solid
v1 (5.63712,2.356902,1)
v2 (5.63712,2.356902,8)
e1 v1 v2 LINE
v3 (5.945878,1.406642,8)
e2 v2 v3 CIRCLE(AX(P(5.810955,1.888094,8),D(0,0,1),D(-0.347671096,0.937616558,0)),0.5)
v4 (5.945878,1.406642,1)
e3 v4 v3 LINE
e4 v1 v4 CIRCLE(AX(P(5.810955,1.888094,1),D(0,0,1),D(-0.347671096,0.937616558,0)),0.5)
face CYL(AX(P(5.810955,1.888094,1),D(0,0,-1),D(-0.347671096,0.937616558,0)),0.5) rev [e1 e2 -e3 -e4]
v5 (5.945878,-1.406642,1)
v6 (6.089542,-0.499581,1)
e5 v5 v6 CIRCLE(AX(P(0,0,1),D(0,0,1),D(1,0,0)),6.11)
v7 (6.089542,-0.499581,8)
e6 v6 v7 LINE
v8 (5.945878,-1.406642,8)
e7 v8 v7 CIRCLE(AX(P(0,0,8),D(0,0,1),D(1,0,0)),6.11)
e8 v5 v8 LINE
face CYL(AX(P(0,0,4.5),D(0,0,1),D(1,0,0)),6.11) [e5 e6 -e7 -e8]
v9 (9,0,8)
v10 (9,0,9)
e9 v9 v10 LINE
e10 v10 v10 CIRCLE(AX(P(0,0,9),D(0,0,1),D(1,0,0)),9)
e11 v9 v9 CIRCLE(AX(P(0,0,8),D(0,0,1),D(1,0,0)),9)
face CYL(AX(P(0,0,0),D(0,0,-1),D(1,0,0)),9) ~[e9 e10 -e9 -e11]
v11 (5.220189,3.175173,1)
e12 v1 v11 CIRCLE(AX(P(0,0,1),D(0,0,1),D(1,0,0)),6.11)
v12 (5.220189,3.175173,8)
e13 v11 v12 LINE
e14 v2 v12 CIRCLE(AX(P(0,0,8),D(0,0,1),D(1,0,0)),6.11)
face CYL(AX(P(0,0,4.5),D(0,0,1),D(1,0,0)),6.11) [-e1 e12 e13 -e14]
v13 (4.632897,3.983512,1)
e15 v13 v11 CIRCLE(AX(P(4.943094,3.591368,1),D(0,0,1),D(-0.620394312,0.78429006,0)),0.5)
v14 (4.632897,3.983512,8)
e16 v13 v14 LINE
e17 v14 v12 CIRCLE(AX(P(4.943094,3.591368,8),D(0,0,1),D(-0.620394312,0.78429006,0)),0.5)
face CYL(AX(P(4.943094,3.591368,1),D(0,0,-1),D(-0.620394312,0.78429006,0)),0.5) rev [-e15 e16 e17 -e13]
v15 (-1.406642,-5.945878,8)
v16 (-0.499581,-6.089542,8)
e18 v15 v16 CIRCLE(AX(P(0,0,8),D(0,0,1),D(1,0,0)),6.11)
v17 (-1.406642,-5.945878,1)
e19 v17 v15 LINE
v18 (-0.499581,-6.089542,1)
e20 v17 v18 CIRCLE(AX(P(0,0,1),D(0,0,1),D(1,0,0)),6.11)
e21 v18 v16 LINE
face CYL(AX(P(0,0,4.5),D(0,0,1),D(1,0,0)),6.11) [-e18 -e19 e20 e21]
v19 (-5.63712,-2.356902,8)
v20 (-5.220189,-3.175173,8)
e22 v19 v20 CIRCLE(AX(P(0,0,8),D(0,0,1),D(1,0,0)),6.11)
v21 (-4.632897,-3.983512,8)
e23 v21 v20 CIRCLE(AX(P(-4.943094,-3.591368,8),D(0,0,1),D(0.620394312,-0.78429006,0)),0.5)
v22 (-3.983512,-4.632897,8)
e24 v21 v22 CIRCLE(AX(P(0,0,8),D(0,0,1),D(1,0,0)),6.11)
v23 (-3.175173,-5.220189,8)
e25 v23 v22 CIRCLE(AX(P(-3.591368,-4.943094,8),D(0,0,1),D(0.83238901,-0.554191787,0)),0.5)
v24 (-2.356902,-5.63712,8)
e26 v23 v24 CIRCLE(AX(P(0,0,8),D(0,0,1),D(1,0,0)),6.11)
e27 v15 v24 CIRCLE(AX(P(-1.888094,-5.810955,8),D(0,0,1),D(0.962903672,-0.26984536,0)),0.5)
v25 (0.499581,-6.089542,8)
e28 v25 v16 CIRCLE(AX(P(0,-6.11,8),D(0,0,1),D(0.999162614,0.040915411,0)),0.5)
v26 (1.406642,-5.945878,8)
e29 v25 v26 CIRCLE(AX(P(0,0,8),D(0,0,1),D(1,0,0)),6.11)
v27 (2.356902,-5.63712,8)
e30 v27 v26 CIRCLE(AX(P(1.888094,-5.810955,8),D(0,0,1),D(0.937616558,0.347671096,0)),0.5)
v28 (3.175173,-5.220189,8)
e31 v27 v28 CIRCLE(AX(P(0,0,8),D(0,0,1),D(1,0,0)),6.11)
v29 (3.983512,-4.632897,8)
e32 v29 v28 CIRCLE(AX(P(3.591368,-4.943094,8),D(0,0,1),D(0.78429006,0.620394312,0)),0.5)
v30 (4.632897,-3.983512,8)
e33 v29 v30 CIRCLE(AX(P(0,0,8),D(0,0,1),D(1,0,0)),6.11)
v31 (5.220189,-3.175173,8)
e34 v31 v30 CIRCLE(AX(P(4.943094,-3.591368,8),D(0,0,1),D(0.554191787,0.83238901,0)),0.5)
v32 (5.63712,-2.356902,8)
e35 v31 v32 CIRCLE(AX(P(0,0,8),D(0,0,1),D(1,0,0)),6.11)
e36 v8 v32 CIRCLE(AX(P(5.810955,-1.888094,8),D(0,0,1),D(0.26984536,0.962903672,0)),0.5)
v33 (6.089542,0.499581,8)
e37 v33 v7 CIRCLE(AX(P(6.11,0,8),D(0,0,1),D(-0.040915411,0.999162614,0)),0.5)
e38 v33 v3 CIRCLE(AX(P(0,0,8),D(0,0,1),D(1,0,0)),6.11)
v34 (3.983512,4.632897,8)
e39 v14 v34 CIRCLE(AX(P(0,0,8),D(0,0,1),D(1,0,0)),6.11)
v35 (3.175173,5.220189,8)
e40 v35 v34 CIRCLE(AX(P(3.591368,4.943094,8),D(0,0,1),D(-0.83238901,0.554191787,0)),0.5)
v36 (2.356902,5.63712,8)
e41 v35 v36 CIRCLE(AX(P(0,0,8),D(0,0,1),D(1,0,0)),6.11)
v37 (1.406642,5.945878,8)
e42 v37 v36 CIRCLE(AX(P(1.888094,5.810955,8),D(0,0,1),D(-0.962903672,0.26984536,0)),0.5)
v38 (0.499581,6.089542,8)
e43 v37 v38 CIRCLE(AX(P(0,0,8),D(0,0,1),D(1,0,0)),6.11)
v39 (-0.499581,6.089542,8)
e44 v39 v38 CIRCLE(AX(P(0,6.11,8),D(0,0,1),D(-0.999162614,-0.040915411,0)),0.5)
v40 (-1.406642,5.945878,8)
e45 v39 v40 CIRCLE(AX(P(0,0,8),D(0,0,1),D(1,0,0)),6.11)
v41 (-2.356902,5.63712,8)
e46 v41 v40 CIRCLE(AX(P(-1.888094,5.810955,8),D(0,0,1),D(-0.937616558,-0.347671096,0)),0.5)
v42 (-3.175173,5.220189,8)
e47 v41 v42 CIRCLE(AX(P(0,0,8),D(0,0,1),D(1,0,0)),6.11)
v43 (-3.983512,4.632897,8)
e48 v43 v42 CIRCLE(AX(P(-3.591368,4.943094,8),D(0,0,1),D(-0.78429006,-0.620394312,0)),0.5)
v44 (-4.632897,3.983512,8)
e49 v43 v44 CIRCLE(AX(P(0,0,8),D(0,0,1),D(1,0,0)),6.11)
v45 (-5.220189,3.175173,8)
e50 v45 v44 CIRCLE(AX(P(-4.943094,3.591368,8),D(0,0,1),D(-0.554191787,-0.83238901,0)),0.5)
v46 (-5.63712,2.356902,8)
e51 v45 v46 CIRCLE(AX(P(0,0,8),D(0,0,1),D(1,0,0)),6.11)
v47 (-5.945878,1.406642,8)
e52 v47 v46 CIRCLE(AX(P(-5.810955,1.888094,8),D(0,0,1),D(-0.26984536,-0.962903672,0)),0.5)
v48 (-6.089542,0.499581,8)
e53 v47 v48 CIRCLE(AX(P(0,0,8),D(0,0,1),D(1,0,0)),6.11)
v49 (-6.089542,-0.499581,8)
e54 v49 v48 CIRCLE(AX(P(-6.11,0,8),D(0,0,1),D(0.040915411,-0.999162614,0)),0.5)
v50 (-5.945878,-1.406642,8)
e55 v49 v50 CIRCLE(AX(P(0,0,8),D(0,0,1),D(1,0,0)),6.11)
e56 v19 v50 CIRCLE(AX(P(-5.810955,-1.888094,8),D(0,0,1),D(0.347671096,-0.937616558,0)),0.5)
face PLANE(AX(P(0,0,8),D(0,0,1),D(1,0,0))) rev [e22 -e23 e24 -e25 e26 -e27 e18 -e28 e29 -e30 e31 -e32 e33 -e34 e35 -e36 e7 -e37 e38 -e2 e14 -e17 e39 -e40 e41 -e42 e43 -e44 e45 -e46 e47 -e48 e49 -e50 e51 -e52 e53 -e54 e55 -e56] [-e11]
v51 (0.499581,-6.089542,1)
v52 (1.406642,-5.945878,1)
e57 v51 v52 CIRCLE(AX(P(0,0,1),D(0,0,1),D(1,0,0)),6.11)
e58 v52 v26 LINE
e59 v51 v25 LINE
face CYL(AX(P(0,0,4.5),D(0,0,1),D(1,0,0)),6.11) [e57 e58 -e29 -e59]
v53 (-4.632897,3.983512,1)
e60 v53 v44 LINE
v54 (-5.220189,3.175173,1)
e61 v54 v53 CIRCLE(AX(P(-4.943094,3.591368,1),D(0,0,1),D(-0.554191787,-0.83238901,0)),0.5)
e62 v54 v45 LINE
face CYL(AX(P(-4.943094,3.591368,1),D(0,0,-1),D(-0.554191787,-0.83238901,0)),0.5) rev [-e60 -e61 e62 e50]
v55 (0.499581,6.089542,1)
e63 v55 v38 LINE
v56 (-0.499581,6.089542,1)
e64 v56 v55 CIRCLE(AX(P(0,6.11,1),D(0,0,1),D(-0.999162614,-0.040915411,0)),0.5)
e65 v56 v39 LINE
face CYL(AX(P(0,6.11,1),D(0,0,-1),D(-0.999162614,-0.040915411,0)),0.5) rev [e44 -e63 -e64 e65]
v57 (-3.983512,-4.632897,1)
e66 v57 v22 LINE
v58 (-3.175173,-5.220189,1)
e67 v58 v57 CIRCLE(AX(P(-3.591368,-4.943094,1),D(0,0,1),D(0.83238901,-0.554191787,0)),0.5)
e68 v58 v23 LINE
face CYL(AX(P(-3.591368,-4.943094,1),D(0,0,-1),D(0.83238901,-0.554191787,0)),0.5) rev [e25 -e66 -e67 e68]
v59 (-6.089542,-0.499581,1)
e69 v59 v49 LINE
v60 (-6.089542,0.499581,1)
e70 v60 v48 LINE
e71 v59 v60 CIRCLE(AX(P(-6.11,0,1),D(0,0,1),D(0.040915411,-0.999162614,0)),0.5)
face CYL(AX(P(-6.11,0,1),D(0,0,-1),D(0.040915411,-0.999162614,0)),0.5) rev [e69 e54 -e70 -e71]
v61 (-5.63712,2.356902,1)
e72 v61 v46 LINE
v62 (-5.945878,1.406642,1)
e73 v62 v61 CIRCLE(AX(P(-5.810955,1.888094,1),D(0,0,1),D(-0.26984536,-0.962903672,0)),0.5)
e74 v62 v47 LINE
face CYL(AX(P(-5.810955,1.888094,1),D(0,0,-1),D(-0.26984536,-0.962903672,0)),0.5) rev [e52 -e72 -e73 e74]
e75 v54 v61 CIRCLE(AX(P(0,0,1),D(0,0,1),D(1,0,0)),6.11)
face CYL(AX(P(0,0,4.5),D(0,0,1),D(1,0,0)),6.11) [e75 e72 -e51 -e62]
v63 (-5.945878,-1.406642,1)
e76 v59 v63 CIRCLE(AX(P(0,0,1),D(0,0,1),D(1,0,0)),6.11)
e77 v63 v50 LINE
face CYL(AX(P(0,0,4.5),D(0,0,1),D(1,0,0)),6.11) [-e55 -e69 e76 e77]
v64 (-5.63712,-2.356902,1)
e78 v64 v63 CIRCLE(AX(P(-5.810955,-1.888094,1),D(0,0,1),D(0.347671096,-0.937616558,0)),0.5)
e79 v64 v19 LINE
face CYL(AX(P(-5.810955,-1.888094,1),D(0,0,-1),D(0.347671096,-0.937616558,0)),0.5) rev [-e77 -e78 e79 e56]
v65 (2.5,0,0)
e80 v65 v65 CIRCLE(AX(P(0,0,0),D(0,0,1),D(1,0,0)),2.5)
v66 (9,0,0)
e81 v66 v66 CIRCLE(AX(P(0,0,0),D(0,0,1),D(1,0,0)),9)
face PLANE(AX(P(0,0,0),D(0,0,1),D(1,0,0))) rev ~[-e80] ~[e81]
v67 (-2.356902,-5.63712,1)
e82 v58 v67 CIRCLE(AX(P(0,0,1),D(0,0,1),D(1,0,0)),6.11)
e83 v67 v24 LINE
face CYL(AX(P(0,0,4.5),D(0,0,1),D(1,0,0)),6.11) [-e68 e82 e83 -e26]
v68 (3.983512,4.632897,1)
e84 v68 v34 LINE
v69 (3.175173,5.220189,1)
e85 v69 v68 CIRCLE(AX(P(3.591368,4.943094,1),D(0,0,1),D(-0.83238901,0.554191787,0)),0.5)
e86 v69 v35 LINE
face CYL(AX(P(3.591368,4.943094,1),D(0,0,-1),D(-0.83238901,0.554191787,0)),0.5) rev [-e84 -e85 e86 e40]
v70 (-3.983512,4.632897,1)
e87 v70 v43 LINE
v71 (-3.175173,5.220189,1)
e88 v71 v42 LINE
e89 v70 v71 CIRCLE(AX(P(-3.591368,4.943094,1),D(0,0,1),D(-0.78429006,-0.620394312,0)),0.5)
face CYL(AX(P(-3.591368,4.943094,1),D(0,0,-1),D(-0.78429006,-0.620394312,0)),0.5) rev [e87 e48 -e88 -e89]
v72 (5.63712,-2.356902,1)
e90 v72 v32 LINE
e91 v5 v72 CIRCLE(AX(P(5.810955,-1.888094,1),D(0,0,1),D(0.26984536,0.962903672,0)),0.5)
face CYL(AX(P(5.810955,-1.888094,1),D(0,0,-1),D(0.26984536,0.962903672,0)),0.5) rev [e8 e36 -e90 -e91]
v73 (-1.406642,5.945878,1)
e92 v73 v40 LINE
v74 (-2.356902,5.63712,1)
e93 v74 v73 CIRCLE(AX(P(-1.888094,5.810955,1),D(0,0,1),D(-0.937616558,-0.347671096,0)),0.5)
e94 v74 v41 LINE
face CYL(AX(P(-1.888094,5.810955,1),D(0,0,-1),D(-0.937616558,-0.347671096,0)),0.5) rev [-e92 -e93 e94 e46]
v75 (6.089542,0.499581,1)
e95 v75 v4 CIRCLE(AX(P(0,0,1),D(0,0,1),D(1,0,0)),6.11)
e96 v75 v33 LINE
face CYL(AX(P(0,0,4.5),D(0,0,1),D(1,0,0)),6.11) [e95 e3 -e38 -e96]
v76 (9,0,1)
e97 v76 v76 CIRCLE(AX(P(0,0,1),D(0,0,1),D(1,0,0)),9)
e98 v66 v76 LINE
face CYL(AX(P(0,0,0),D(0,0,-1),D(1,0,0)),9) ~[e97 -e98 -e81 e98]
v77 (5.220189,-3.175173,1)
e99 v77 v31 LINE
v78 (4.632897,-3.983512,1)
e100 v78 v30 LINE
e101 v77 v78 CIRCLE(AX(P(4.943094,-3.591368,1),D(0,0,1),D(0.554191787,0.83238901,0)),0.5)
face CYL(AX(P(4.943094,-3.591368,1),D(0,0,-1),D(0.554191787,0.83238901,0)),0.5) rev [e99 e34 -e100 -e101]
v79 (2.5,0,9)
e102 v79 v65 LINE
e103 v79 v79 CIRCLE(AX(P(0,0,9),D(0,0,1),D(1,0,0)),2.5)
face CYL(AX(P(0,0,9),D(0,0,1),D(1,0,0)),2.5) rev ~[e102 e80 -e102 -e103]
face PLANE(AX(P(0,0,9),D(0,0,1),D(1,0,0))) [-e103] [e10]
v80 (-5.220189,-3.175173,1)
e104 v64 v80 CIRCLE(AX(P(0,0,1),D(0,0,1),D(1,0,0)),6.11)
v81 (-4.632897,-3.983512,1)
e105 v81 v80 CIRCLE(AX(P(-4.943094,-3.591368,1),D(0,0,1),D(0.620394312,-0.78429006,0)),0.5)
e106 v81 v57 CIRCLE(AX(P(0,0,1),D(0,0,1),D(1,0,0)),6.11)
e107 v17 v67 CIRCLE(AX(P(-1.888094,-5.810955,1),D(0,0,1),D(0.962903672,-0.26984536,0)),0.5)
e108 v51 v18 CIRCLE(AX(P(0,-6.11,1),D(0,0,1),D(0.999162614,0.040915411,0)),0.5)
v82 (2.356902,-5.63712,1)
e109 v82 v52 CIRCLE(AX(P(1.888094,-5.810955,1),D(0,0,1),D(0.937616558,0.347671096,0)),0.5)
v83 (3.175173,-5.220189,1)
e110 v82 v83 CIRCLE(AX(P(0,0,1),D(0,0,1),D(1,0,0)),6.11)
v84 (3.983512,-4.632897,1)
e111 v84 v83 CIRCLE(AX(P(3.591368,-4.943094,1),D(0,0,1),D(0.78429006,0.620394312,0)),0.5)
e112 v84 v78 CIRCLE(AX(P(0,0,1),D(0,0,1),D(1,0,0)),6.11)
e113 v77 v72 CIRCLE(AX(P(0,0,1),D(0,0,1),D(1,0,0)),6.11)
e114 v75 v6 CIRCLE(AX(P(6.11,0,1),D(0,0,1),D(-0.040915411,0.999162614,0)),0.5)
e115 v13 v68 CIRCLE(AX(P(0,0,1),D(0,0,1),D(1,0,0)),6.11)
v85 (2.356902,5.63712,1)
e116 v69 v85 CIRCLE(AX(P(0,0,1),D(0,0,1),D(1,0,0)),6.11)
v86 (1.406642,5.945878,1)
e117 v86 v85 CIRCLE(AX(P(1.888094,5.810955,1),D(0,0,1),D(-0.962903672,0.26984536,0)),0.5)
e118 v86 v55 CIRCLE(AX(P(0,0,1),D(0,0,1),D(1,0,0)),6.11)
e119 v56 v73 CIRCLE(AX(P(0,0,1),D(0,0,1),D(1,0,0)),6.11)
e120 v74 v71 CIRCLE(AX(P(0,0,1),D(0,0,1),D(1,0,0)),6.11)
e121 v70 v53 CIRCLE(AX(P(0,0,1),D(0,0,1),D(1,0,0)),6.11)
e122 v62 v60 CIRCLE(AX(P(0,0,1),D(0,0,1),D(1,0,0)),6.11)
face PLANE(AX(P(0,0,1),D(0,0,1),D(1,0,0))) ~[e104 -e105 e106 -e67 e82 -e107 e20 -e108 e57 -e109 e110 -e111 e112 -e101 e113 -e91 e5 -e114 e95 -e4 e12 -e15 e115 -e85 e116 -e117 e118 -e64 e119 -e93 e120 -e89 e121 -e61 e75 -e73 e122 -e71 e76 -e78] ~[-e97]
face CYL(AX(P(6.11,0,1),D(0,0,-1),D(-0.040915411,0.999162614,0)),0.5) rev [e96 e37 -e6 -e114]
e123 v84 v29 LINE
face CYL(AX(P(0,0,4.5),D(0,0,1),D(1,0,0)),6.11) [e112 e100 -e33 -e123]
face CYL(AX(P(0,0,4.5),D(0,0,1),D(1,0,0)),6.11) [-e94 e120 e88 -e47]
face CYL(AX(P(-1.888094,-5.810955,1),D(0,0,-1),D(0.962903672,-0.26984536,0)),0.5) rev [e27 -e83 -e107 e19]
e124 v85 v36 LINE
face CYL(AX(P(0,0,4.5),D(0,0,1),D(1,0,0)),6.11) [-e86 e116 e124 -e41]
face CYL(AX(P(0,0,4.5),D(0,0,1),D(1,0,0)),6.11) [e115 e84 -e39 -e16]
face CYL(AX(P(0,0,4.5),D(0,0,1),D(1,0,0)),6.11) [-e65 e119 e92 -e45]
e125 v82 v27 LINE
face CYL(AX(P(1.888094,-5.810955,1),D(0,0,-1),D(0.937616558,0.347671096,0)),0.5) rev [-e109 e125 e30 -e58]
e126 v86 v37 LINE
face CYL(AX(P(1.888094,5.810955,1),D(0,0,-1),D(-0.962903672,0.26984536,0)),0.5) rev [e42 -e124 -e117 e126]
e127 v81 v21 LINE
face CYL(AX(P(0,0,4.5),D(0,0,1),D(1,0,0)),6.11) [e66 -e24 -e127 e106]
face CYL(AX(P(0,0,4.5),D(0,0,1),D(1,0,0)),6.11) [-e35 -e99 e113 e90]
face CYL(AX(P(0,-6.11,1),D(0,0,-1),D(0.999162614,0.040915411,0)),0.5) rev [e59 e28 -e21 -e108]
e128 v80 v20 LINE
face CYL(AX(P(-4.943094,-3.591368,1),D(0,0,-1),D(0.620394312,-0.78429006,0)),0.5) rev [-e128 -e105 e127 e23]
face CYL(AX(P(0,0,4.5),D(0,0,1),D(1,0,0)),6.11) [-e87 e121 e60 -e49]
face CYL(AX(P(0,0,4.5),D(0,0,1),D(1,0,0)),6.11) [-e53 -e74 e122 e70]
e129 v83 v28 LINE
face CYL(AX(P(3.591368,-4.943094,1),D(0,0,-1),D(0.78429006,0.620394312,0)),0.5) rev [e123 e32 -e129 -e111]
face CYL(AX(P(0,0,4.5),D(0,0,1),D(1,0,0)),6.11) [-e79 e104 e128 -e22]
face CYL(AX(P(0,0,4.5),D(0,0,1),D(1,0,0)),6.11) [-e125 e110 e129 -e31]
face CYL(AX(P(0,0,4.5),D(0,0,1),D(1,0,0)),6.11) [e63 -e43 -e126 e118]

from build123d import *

# Parameters (mm, degrees)
SKETCH_R           = 9
PAD_DEPTH          = 9
SKETCH001_W        = 2.89
SKETCH001_H        = 7
SKETCH002_R        = 2.5
POCKET_DEPTH       = 9.001
POCKET001_DEPTH    = 7
POLARPATTERN_COUNT = 20


with BuildPart() as part:
    # Sketch → Pad (new body)
    with BuildSketch(Plane.XY):
        Circle(SKETCH_R)
    extrude(amount=PAD_DEPTH)

    # Sketch001 → Groove (revolve, cut)
    with BuildSketch(Plane.XZ):
        with Locations((7.555, 4.5)):
            Rectangle(SKETCH001_W, SKETCH001_H)
    revolve(axis=Axis((0, 0, 0), (0, 0, 1)), mode=Mode.SUBTRACT)

    # Sketch002 (on Face7 of Groove) → Pocket (cut, through all)
    with BuildSketch(Plane.XY.offset(9)):
        Circle(SKETCH002_R)
    extrude(amount=-POCKET_DEPTH, mode=Mode.SUBTRACT)

    # Sketch003 (on Face3 of Groove) → Pocket001 (cut)
    with BuildSketch(Plane.XY.offset(1)):
        with BuildLine():
            ThreePointArc((6.089542, 0.499581), (5.61, 0), (6.089542, -0.499581))
            ThreePointArc((6.089542, -0.499581), (6.11, 0), (6.089542, 0.499581))
        make_face()
    pocket001 = extrude(amount=POCKET001_DEPTH, mode=Mode.SUBTRACT)

    # PolarPattern: Pocket001 ×20 about axis
    polarpattern_axis = Axis((0, 0, 1), (0, 0, 1))
    for i in range(1, POLARPATTERN_COUNT):
        add(pocket001.rotate(polarpattern_axis, i * 360 / POLARPATTERN_COUNT), mode=Mode.SUBTRACT)


solid = part.part
